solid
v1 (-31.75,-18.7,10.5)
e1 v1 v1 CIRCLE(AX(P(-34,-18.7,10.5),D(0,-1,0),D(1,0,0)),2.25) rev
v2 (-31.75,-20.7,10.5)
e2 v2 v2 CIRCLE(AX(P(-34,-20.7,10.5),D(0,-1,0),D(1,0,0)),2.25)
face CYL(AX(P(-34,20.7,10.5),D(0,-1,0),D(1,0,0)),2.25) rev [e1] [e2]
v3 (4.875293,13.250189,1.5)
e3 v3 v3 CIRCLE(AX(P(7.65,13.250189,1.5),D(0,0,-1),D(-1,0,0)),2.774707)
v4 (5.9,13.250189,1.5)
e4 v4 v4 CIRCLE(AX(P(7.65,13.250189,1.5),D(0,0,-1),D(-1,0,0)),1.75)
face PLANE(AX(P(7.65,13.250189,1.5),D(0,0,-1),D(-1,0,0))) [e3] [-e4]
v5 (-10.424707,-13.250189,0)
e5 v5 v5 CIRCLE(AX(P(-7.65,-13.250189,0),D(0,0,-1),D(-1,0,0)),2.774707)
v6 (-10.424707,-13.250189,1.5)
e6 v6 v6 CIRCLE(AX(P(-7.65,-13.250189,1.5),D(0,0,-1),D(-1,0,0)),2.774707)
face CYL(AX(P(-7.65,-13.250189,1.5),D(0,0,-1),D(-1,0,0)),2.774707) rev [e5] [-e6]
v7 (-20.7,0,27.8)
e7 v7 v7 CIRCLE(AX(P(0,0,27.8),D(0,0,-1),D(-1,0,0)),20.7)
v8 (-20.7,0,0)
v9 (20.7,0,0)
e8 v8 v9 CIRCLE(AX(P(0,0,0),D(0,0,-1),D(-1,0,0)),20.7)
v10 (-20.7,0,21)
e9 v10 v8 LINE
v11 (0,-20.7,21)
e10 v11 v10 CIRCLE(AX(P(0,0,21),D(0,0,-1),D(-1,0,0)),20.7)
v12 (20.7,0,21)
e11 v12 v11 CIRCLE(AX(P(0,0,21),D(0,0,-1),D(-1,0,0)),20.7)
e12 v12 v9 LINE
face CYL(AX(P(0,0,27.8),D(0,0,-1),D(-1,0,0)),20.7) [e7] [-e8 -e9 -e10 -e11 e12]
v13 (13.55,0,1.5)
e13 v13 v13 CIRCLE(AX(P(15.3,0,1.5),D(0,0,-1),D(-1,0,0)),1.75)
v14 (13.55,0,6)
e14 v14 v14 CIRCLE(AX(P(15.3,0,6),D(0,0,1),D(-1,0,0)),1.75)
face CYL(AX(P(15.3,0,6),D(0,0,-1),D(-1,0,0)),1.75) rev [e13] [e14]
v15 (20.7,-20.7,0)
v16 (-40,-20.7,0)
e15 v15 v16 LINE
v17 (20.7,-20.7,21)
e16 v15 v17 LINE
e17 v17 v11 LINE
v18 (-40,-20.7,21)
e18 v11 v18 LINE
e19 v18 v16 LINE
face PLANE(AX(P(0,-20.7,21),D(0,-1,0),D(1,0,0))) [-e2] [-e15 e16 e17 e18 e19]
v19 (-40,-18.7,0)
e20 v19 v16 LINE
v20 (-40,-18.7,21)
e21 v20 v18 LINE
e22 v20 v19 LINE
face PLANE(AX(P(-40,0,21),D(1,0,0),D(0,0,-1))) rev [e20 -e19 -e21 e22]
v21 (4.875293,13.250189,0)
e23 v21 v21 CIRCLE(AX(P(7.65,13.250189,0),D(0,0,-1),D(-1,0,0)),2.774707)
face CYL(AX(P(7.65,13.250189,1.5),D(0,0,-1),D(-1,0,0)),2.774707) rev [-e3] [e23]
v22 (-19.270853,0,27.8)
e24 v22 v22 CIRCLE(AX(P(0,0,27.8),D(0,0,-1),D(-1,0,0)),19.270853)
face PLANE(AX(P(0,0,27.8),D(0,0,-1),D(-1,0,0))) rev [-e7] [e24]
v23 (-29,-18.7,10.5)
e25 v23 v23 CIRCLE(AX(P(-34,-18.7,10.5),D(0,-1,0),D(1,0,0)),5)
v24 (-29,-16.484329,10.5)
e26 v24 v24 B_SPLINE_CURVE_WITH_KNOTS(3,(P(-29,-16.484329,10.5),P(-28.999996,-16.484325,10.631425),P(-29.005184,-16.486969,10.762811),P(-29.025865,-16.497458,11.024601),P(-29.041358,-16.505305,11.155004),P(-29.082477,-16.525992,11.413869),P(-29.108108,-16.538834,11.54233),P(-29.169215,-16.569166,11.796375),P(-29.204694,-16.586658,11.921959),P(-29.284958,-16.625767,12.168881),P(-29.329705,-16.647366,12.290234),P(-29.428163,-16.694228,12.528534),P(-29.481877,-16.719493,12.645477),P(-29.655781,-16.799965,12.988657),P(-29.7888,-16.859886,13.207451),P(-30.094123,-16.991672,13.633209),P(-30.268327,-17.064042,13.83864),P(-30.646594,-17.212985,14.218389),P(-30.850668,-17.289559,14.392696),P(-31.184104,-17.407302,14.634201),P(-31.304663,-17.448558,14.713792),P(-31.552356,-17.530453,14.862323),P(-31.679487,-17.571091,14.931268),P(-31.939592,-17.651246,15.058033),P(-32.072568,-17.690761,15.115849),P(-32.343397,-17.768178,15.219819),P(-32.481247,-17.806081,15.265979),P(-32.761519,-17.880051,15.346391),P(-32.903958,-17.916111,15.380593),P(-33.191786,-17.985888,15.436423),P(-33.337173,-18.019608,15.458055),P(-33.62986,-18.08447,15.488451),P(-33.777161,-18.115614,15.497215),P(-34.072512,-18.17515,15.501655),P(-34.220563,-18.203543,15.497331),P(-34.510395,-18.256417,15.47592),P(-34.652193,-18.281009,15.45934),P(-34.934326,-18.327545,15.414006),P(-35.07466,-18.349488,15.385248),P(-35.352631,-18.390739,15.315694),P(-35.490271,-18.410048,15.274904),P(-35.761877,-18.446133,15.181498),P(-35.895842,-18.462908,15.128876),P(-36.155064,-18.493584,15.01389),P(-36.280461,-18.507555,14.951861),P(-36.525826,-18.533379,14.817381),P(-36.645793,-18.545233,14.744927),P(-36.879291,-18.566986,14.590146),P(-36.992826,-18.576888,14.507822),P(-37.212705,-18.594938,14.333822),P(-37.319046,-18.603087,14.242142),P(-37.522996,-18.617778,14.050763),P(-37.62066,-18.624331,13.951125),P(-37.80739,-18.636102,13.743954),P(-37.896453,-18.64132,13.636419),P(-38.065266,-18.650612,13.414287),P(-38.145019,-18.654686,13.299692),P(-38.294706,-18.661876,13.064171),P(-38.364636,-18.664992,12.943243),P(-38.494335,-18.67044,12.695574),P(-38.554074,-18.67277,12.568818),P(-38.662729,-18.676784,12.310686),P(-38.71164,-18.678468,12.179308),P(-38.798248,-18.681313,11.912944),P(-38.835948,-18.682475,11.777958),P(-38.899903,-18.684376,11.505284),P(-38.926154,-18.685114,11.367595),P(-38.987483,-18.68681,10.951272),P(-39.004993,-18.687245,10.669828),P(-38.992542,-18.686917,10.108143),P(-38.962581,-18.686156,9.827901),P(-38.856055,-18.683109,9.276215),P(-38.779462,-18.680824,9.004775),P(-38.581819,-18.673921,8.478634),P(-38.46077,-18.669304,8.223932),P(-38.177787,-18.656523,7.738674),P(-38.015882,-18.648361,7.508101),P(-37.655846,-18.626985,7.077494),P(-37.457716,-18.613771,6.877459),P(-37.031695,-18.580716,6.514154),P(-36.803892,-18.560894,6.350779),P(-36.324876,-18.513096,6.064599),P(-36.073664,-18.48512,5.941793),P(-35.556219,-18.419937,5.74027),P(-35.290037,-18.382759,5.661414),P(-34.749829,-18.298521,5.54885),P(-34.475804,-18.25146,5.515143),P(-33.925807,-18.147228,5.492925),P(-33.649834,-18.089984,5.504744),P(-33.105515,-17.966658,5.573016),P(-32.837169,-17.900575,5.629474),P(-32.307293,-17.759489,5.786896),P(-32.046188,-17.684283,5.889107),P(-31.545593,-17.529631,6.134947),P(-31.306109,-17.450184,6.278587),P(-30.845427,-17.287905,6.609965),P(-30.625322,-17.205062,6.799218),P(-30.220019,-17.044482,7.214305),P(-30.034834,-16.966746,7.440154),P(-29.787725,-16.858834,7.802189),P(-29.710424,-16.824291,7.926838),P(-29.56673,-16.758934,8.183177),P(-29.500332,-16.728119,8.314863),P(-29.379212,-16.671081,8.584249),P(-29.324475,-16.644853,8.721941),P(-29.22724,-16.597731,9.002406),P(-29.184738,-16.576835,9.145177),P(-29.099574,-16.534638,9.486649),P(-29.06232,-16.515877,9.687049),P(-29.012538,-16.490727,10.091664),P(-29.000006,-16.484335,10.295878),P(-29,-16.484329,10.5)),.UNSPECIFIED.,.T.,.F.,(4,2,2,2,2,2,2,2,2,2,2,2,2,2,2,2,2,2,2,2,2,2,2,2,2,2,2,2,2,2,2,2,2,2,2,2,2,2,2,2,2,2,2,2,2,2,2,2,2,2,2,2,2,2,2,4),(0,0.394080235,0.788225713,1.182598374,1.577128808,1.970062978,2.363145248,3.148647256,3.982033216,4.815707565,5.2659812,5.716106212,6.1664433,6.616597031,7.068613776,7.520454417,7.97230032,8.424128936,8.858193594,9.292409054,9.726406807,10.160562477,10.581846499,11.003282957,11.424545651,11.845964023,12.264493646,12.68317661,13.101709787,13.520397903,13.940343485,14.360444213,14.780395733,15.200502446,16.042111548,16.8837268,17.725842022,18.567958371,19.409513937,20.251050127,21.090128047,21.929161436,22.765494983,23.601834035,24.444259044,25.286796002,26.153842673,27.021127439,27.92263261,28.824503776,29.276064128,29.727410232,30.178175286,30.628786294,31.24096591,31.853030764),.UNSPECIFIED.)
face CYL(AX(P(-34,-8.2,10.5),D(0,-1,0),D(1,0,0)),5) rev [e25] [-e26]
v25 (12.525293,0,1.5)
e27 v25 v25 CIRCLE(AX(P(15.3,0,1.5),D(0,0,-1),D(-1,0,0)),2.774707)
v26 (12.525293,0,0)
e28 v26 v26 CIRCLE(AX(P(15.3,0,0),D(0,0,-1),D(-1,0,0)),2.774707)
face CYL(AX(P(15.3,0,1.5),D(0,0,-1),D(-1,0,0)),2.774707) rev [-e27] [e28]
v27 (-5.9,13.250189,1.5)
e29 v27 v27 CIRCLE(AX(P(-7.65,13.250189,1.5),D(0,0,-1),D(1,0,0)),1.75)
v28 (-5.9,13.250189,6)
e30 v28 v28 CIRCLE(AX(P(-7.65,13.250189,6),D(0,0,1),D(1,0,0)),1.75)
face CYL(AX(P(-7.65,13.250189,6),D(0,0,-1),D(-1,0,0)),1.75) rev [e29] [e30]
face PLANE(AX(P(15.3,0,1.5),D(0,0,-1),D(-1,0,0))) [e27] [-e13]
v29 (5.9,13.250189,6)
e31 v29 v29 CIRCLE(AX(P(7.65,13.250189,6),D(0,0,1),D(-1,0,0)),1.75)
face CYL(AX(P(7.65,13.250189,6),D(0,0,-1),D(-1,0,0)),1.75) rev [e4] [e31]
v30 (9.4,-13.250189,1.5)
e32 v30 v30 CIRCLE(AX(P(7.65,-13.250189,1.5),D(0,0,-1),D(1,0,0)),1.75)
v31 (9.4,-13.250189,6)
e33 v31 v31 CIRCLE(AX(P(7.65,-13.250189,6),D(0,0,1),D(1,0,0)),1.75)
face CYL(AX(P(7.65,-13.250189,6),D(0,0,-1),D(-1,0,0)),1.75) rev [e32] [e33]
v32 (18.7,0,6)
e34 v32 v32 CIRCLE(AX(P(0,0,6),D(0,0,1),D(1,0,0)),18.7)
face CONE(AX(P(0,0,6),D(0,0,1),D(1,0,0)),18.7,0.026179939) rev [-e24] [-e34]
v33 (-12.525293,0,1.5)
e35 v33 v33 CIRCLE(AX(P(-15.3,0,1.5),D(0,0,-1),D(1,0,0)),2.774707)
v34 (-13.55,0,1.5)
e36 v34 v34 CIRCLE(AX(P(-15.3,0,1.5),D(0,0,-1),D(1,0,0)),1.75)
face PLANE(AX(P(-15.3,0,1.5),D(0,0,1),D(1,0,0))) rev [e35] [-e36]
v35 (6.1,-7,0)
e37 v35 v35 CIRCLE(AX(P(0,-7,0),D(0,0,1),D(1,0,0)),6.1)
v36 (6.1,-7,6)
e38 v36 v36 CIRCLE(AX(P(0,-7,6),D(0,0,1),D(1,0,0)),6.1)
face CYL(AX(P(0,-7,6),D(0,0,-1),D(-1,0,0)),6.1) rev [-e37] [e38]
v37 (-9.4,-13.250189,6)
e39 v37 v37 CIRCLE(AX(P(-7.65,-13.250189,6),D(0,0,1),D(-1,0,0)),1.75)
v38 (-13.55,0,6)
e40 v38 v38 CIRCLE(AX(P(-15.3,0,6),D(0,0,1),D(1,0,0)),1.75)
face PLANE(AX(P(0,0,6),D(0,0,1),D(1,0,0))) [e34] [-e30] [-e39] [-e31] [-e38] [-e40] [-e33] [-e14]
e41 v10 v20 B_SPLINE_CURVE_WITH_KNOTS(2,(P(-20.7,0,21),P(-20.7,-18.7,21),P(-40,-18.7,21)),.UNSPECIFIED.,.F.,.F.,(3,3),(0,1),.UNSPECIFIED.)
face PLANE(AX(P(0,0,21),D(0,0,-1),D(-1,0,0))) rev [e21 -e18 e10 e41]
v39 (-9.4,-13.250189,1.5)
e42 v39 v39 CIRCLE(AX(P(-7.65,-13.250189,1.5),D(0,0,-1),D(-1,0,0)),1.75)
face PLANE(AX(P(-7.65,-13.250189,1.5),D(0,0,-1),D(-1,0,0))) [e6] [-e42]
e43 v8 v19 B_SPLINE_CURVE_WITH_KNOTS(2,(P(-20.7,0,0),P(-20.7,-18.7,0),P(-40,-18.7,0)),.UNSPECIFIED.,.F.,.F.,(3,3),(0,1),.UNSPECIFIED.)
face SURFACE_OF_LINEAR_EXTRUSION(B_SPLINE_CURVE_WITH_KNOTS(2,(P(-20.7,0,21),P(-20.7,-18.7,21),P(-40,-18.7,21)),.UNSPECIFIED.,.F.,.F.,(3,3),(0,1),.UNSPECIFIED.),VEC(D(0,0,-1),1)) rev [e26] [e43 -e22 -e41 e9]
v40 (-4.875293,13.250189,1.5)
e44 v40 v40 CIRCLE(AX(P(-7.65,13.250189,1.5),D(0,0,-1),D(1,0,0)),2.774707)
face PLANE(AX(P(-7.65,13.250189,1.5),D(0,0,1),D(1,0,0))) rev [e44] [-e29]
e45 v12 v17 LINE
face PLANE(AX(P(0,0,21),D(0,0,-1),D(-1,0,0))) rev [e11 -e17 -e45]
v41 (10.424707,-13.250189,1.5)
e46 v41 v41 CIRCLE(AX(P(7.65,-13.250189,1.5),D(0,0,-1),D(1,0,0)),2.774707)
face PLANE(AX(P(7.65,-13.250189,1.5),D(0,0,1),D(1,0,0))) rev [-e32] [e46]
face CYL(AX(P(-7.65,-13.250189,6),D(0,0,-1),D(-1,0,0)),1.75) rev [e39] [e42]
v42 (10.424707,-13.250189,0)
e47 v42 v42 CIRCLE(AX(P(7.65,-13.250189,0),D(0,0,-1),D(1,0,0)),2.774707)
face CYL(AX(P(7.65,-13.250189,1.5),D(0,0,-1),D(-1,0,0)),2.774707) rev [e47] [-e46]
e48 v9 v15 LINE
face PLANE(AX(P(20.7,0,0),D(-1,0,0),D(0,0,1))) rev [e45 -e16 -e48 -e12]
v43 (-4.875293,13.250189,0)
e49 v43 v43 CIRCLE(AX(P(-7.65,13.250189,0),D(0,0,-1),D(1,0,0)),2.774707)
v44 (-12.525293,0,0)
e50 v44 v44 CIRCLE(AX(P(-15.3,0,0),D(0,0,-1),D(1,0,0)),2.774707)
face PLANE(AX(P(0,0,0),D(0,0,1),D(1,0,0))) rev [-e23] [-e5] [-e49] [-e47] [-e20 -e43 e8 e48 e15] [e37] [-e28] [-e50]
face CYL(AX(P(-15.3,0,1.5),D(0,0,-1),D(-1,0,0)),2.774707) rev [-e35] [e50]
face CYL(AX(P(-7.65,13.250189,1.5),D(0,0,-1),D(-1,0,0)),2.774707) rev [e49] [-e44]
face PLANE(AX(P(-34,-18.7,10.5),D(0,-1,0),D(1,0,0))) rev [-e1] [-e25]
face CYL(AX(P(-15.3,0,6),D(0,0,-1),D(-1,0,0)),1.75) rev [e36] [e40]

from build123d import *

# Parameters (mm, degrees)
SKIZZE1_R                       = 18.7
SKIZZE1_R_2                     = 6.1
SKIZZE1_R_3                     = 1.75
AUFSATZ_LINEAR_AUSTRAGEN1_DEPTH = 6
SKIZZE3_R                       = 20.7
SKIZZE3_R_2                     = 18.7
AUFSATZ_LINEAR_AUSTRAGEN2_DEPTH = 27.8
AUFSATZ_LINEAR_AUSTRAGEN3_DEPTH = 21
SKIZZE7_R                       = 2.25
SCHNITT_LINEAR_AUSTRAGEN1_DEPTH = 64.928084722
SKIZZE8_R                       = 5
SCHNITT_LINEAR_AUSTRAGEN2_DEPTH = 10.5
FORMSCHR_GE1_ANGLE              = 1.5
SKIZZE9_R                       = 2.774707021
SKIZZE9_R_2                     = 1.75
SCHNITT_LINEAR_AUSTRAGEN3_DEPTH = 1.5
SKIZZE10_W                      = 19.3
SKIZZE10_H                      = 20.7
SCHNITT_LINEAR_AUSTRAGEN4_DEPTH = 50.69396358


with BuildPart() as part:
    # Skizze1 → Aufsatz-Linear austragen1 (new body)
    with BuildSketch(Plane.XY):
        Circle(SKIZZE1_R)
        with Locations((0, -7)):
            Circle(SKIZZE1_R_2, mode=Mode.SUBTRACT)
        with Locations((-7.65, 13.250188678)):
            Circle(SKIZZE1_R_3, mode=Mode.SUBTRACT)
        with Locations((7.65, 13.250188678)):
            Circle(SKIZZE1_R_3, mode=Mode.SUBTRACT)
        with Locations((-15.3, 0)):
            Circle(SKIZZE1_R_3, mode=Mode.SUBTRACT)
        with Locations((15.3, 0)):
            Circle(SKIZZE1_R_3, mode=Mode.SUBTRACT)
        with Locations((-7.65, -13.250188678)):
            Circle(SKIZZE1_R_3, mode=Mode.SUBTRACT)
        with Locations((7.65, -13.250188678)):
            Circle(SKIZZE1_R_3, mode=Mode.SUBTRACT)
    extrude(amount=AUFSATZ_LINEAR_AUSTRAGEN1_DEPTH)

    # Skizze3 → Aufsatz-Linear austragen2 (add)
    with BuildSketch(Plane(origin=(0, 0, 0), x_dir=(-1, 0, 0), z_dir=(0, 0, -1))):
        Circle(SKIZZE3_R)
        Circle(SKIZZE3_R_2, mode=Mode.SUBTRACT)
    extrude(amount=-AUFSATZ_LINEAR_AUSTRAGEN2_DEPTH)

    # Skizze4 → Aufsatz-Linear austragen3 (add)
    with BuildSketch(Plane(origin=(0, 0, 0), x_dir=(-1, 0, 0), z_dir=(0, 0, -1))):
        with BuildLine():
            add(Edge.make_bspline(
                [(-20.7, 0), (-20.7, -18.7), (-40, -18.7)],
                knots=[0, 0, 0, 1, 1, 1], degree=2))
            Line((-40, -18.7), (-40, -20.7))
            Line((-40, -20.7), (9.3e-08, -20.7))
            ThreePointArc((9.3e-08, -20.7), (-14.637110338, -14.637110404), (-20.7, 0))
        make_face()
        with BuildLine():
            ThreePointArc((20.7, 0), (14.637110404, -14.637110338), (9.3e-08, -20.7))
            Line((9.3e-08, -20.7), (40, -20.7))
            Line((40, -20.7), (40, -18.7))
            add(Edge.make_bspline(
                [(20.7, 0), (20.7, -18.7), (40, -18.7)],
                knots=[0, 0, 0, 1, 1, 1], degree=2))
        make_face()
    extrude(amount=-AUFSATZ_LINEAR_AUSTRAGEN3_DEPTH)

    # Skizze7 → Schnitt-Linear austragen1 (cut, through all)
    with BuildSketch(Plane.XZ.offset(20.7)):
        with Locations((-34, 10.5)):
            Circle(SKIZZE7_R)
        with Locations((34, 10.5)):
            Circle(SKIZZE7_R)
    extrude(amount=-SCHNITT_LINEAR_AUSTRAGEN1_DEPTH, mode=Mode.SUBTRACT)

    # Skizze8 → Schnitt-Linear austragen2 (cut)
    with BuildSketch(Plane.XZ.offset(18.7)):
        with Locations((-34, 10.5)):
            Circle(SKIZZE8_R)
        with Locations((34, 10.5)):
            Circle(SKIZZE8_R)
    extrude(amount=-SCHNITT_LINEAR_AUSTRAGEN2_DEPTH, mode=Mode.SUBTRACT)

    # Formschräge1
    formschr_ge1_faces = [part.faces().sort_by_distance(p)[0] for p in [
        (18.7, 0, 16.9),
    ]]
    draft(formschr_ge1_faces, Plane.XY.offset(6), FORMSCHR_GE1_ANGLE)

    # Skizze9 → Schnitt-Linear austragen3 (cut)
    # profile 1 of 6: a face of its own
    with BuildSketch(Plane(origin=(0, 0, 0), x_dir=(-1, 0, 0), z_dir=(0, 0, -1))):
        with Locations((-7.65, 13.250188678)):
            Circle(SKIZZE9_R)
        with Locations((-7.65, 13.250188678)):
            Circle(SKIZZE9_R_2, mode=Mode.SUBTRACT)
    # profile 2 of 6: a face of its own
    with BuildSketch(Plane(origin=(0, 0, 0), x_dir=(-1, 0, 0), z_dir=(0, 0, -1))):
        with Locations((7.65, 13.250188678)):
            Circle(SKIZZE9_R)
        with Locations((7.65, 13.250188678)):
            Circle(SKIZZE9_R_2, mode=Mode.SUBTRACT)
    # profile 3 of 6: a face of its own
    with BuildSketch(Plane(origin=(0, 0, 0), x_dir=(-1, 0, 0), z_dir=(0, 0, -1))):
        with Locations((-15.3, 0)):
            Circle(SKIZZE9_R)
        with Locations((-15.3, 0)):
            Circle(SKIZZE9_R_2, mode=Mode.SUBTRACT)
    # profile 4 of 6: a face of its own
    with BuildSketch(Plane(origin=(0, 0, 0), x_dir=(-1, 0, 0), z_dir=(0, 0, -1))):
        with Locations((15.3, 0)):
            Circle(SKIZZE9_R)
        with Locations((15.3, 0)):
            Circle(SKIZZE9_R_2, mode=Mode.SUBTRACT)
    # profile 5 of 6: a face of its own
    with BuildSketch(Plane(origin=(0, 0, 0), x_dir=(-1, 0, 0), z_dir=(0, 0, -1))):
        with Locations((7.65, -13.250188678)):
            Circle(SKIZZE9_R)
        with Locations((7.65, -13.250188678)):
            Circle(SKIZZE9_R_2, mode=Mode.SUBTRACT)
    # profile 6 of 6: a face of its own
    with BuildSketch(Plane(origin=(0, 0, 0), x_dir=(-1, 0, 0), z_dir=(0, 0, -1))):
        with Locations((-7.65, -13.250188678)):
            Circle(SKIZZE9_R)
        with Locations((-7.65, -13.250188678)):
            Circle(SKIZZE9_R_2, mode=Mode.SUBTRACT)
    extrude(amount=-SCHNITT_LINEAR_AUSTRAGEN3_DEPTH, mode=Mode.SUBTRACT)

    # Skizze10 → Schnitt-Linear austragen4 (cut, through all)
    with BuildSketch(Plane.XY.offset(21)):
        with Locations((30.35, -10.35)):
            Rectangle(SKIZZE10_W, SKIZZE10_H)
    extrude(amount=-SCHNITT_LINEAR_AUSTRAGEN4_DEPTH, mode=Mode.SUBTRACT)


solid = part.part
